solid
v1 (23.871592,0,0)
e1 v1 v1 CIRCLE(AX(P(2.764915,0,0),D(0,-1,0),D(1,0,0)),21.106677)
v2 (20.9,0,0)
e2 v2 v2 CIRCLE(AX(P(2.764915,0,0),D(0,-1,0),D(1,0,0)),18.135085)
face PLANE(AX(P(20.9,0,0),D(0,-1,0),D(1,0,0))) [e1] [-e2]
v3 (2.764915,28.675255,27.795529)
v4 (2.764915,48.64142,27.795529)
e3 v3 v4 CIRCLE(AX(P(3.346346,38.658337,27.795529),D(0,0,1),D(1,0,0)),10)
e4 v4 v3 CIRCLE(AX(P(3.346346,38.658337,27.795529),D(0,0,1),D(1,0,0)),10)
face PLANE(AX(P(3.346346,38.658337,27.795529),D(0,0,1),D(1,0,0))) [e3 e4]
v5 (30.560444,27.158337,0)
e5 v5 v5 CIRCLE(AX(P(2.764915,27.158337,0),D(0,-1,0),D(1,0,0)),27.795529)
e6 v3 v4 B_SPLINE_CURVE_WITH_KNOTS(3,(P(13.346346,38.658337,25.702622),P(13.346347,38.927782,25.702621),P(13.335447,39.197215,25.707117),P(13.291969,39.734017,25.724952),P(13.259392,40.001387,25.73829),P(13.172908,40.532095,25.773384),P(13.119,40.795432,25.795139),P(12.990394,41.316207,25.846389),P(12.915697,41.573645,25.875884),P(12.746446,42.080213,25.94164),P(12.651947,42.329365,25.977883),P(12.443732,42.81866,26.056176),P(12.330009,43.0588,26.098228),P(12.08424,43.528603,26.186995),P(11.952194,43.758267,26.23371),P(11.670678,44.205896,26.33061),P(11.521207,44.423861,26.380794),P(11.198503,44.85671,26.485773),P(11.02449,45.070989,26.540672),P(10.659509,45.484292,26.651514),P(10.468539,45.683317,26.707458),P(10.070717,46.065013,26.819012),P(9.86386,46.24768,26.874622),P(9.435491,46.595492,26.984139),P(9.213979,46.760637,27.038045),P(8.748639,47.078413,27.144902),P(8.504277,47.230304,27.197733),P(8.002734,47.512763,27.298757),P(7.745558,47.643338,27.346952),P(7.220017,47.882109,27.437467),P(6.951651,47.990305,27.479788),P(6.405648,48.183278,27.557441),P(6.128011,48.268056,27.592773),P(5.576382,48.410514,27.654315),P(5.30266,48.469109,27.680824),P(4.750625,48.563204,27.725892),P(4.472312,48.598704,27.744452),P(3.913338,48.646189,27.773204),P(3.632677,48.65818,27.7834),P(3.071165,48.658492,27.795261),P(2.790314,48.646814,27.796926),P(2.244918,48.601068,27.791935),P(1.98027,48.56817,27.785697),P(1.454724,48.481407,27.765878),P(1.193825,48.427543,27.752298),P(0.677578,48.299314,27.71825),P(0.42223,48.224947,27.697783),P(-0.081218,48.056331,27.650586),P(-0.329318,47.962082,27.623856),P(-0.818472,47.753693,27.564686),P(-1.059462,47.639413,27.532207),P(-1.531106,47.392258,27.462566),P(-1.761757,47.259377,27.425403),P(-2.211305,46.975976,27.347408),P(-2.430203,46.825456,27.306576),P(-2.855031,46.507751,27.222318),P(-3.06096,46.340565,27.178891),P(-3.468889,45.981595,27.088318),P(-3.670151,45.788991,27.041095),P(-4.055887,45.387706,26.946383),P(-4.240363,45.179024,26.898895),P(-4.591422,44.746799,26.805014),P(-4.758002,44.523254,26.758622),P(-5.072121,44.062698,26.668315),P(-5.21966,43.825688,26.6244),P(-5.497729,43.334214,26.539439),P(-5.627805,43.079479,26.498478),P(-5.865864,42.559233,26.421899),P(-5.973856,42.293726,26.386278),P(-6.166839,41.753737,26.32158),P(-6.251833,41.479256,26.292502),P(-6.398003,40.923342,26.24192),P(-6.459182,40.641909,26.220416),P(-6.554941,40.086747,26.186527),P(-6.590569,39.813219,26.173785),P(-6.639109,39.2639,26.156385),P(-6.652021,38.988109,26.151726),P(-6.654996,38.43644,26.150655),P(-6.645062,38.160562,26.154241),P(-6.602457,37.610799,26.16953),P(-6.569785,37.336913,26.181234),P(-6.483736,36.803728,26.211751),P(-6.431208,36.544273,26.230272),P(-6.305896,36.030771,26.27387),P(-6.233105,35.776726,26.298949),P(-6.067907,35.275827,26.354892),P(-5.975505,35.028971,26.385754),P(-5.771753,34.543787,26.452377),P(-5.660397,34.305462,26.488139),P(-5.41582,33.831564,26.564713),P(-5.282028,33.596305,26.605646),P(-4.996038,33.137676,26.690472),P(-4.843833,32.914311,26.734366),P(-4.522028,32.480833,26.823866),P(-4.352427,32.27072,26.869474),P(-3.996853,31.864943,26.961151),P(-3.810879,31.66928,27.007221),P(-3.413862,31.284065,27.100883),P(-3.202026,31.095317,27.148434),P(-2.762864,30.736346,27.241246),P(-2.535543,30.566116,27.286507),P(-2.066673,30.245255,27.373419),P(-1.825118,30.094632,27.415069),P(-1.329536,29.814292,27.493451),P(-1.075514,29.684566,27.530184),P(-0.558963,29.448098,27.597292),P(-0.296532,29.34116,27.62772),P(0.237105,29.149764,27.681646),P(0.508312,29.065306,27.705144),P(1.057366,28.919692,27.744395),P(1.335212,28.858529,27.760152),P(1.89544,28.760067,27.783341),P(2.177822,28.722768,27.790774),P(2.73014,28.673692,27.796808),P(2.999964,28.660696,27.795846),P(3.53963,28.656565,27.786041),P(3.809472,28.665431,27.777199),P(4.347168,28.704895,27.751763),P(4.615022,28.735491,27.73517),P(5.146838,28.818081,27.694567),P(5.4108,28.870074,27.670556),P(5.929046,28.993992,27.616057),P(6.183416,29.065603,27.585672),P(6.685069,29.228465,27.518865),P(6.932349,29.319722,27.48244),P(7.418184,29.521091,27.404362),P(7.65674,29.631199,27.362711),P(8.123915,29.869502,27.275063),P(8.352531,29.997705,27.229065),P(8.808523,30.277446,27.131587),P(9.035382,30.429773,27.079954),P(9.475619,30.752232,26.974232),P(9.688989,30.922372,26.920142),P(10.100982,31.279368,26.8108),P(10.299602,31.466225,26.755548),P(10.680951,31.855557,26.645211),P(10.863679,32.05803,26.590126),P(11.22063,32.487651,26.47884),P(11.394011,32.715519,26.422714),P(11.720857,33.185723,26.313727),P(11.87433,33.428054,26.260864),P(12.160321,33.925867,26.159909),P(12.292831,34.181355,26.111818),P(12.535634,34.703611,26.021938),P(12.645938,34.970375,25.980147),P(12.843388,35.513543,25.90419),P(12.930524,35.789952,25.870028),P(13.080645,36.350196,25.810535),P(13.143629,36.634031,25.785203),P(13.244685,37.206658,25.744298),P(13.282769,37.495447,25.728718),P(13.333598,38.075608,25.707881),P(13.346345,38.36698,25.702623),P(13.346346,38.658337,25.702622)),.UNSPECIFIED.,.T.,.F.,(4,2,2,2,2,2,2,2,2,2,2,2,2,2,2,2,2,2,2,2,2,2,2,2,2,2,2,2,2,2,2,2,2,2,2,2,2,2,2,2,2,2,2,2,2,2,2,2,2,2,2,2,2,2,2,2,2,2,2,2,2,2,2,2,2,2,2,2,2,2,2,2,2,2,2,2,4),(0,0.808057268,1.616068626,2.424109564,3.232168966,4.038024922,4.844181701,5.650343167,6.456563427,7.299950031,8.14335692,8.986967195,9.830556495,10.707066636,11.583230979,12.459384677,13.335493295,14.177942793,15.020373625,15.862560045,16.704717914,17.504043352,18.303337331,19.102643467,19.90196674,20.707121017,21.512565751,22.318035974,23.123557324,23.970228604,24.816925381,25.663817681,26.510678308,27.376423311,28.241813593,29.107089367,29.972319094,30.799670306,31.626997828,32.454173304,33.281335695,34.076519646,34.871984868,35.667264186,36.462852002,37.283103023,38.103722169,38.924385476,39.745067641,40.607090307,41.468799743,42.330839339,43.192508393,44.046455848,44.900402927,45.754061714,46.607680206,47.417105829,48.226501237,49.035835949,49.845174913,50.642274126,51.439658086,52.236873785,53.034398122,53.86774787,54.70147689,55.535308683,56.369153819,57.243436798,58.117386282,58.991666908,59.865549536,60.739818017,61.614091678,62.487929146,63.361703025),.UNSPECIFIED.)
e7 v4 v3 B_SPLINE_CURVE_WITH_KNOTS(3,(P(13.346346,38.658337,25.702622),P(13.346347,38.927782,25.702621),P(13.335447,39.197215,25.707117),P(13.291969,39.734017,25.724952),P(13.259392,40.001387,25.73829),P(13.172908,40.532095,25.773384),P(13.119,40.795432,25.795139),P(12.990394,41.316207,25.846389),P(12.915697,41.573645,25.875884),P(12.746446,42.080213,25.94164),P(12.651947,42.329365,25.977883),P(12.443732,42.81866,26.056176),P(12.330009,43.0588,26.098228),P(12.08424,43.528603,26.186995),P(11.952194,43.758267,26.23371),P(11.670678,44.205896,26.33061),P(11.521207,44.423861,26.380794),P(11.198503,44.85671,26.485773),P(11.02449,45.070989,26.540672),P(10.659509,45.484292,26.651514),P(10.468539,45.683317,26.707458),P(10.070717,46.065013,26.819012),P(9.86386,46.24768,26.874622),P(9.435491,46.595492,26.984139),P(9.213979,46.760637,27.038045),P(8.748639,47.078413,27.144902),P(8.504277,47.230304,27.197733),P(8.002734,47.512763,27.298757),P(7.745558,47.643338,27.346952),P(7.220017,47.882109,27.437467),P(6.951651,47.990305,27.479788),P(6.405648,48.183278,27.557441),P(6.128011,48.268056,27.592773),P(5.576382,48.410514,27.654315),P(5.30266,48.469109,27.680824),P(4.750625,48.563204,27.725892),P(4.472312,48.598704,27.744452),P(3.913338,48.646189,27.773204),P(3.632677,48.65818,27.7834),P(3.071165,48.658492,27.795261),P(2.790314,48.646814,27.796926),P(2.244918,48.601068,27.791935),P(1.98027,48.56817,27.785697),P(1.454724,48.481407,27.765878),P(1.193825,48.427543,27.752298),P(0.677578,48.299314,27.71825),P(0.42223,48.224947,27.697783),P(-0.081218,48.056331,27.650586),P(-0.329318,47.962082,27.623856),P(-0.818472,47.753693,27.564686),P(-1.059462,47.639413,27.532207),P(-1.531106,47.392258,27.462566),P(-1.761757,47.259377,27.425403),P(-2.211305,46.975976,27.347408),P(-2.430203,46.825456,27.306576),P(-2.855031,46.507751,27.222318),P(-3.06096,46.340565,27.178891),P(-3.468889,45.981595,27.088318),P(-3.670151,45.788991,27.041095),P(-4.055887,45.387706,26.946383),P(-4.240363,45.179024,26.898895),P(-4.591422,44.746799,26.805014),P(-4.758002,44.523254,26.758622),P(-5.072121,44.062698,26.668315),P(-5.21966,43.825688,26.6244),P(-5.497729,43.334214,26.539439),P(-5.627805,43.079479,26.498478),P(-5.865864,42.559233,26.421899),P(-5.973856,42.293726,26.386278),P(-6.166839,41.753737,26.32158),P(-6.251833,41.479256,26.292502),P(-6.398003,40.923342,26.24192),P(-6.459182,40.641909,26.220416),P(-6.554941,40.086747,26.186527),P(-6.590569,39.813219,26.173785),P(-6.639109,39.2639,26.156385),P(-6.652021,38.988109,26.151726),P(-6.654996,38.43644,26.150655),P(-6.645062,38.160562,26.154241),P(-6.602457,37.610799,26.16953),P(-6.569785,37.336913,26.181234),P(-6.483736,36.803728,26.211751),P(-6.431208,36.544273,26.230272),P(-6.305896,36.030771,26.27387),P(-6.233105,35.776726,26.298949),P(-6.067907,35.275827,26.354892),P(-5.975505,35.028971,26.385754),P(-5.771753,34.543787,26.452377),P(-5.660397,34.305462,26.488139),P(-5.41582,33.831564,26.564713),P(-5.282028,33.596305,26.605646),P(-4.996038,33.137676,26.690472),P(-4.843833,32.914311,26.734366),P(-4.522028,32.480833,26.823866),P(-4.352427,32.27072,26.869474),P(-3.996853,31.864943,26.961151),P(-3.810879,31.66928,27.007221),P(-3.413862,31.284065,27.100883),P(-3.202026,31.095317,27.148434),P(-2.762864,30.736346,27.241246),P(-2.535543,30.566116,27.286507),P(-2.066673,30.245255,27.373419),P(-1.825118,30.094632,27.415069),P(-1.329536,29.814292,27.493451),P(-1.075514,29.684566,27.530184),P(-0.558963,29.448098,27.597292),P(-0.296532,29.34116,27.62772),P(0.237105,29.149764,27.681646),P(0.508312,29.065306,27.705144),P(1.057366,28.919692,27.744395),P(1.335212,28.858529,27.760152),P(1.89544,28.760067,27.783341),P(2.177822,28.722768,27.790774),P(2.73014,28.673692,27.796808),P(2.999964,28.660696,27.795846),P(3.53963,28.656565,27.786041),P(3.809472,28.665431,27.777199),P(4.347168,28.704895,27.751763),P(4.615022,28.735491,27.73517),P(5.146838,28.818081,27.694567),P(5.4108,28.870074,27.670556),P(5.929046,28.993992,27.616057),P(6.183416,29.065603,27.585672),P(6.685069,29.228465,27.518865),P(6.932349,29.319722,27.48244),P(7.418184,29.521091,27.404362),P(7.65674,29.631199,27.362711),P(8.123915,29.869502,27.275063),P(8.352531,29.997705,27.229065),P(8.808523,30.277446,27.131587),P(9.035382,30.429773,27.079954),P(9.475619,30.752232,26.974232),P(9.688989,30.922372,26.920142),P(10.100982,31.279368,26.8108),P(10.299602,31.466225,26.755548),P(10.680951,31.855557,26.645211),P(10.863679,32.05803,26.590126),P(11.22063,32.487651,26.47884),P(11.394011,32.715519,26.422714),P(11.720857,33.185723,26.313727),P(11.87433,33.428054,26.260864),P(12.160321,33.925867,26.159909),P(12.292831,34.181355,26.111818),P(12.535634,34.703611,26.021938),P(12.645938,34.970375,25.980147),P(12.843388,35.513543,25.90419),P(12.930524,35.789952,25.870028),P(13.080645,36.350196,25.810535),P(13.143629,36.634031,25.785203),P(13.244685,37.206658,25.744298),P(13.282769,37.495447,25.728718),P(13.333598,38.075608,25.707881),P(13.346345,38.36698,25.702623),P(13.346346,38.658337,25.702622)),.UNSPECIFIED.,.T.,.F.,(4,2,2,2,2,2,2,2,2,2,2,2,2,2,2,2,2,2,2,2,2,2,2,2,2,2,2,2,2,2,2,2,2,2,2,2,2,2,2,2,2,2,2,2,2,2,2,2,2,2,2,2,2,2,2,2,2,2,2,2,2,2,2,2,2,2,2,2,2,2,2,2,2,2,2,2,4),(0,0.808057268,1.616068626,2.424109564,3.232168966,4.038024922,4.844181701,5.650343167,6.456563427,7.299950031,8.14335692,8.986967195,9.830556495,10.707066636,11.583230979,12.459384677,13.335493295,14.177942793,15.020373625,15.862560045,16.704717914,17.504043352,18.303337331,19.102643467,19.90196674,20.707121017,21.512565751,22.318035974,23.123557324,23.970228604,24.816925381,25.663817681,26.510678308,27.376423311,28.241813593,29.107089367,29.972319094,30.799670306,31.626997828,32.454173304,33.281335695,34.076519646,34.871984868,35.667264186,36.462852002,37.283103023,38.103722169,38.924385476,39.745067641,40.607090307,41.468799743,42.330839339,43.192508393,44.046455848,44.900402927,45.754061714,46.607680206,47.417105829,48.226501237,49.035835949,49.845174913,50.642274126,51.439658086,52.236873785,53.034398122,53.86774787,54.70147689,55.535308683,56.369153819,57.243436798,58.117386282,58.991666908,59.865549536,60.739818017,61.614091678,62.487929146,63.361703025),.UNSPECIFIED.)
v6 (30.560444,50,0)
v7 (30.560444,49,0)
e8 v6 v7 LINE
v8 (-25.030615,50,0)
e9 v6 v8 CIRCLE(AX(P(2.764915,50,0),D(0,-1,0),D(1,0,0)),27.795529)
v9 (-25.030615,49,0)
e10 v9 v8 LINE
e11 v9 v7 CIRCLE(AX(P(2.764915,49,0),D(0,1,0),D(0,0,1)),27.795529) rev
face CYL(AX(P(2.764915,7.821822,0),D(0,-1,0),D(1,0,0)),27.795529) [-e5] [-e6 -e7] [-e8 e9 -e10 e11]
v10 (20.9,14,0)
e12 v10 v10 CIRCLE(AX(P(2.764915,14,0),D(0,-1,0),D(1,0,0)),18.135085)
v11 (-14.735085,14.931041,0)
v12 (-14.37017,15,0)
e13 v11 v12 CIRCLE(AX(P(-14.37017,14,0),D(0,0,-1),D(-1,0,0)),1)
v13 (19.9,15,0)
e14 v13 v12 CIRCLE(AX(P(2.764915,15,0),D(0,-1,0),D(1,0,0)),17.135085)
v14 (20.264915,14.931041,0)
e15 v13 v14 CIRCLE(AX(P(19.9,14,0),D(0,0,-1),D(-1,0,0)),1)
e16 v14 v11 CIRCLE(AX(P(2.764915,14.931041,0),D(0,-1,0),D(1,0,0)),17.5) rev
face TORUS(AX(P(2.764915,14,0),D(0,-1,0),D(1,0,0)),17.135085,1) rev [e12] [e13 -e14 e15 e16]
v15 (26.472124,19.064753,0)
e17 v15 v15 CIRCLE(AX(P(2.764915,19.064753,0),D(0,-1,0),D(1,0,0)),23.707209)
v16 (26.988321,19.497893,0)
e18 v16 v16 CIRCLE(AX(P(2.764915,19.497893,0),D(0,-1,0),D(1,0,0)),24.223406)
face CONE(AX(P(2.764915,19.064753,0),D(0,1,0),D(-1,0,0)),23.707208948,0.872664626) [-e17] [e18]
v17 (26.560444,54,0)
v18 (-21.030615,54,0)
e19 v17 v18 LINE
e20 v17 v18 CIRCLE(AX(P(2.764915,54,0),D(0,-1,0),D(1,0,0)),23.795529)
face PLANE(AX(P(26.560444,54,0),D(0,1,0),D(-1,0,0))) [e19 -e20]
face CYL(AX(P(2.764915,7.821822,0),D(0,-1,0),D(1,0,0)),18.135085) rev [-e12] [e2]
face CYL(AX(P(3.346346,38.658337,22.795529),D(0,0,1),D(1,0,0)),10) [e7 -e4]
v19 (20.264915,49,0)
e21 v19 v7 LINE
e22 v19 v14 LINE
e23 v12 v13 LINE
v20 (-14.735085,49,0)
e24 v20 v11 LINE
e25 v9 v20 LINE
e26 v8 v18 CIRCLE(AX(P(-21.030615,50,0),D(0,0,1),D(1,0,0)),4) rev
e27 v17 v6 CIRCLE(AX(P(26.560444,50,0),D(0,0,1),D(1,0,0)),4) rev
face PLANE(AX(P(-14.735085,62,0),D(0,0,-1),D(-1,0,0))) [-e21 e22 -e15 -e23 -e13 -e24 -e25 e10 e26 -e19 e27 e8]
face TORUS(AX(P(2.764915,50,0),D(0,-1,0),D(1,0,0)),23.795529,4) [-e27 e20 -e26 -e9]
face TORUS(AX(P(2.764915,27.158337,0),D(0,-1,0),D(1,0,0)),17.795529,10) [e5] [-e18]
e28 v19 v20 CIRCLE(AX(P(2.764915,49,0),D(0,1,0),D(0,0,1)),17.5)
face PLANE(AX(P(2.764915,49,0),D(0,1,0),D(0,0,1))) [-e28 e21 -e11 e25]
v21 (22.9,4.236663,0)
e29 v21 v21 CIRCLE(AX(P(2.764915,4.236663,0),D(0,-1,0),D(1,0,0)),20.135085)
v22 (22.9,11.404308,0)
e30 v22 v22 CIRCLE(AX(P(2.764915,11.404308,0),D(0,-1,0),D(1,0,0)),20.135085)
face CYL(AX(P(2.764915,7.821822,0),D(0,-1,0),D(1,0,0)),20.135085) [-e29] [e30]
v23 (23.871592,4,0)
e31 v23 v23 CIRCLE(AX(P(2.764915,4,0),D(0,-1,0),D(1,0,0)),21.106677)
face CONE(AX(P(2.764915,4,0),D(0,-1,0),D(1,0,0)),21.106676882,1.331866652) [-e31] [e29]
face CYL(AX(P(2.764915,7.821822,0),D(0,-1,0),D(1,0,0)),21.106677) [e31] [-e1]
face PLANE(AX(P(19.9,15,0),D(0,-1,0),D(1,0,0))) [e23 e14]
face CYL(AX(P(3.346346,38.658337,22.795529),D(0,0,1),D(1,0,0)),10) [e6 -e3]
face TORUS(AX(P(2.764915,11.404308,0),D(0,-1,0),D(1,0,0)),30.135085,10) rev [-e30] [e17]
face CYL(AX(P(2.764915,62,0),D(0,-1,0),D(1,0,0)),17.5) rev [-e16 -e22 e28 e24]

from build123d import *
from build123d.topology import SkipClean

# Parameters (mm, degrees)
SKETCH10_R              = 10
BOSS_EXTRUDE1_DEPTH     = 5
CUT_EXTRUDE3_DEPTH      = 45
CUT_EXTRUDE3_DEPTH_BACK = 20
CUT_EXTRUDE5_DEPTH      = 5


with BuildPart() as part:
    # Sketch1 → Revolve1 (revolve)
    with BuildSketch(Plane.XY):
        with BuildLine():
            Line((20.9, 0), (23.871591838, 0))
            Line((23.871591838, 0), (23.871591838, 4))
            Line((23.871591838, 4), (22.9, 4.236662843))
            Line((22.9, 4.236662843), (22.9, 11.404308102))
            ThreePointArc((22.9, 11.404308102), (23.83692213, 15.63049072), (26.472123903, 19.064752533))
            Line((26.472123903, 19.064752533), (26.988320528, 19.497892931))
            ThreePointArc((26.988320528, 19.497892931), (29.623522302, 22.932154745), (30.560444431, 27.158337362))
            Line((30.560444431, 27.158337362), (30.560444431, 50))
            ThreePointArc((30.560444431, 50), (29.388871556, 52.828427125), (26.560444431, 54))
            Line((26.560444431, 54), (2.764914955, 54))
            Line((2.764914955, 54), (2.764914955, 15))
            Line((2.764914955, 15), (19.9, 15))
            ThreePointArc((19.9, 15), (20.607106781, 14.707106781), (20.9, 14))
            Line((20.9, 14), (20.9, 0))
        make_face()
    revolve(axis=Axis((2.764914955, 7.821821657, 0), (0, 1, 0)))

    # Sketch10 → Boss-Extrude1 (add)
    with SkipClean():  # the faces are left unmerged after this step: merging them gives an invalid solid
        with BuildSketch(Plane.XY.offset(27.795529476)):
            with Locations((3.346345887, 38.658337362)):
                Circle(SKETCH10_R)
        extrude(amount=-BOSS_EXTRUDE1_DEPTH)

    # Sketch11 → Cut-Extrude3 (cut, two sides: drawn at the far end of the back side and taken through both)
    with SkipClean():  # the faces are left unmerged after this step: merging them gives an invalid solid
        with BuildSketch(Plane(origin=(0, 17, 0), x_dir=(1, 0, 0), z_dir=(0, 1, 0)).offset(-CUT_EXTRUDE3_DEPTH_BACK)):
            with BuildLine():
                Line((-14.735085045, 0), (20.264914955, 0))
                ThreePointArc((20.264914955, 0), (2.764914955, 17.5), (-14.735085045, 0))
            make_face()
        extrude(amount=CUT_EXTRUDE3_DEPTH + CUT_EXTRUDE3_DEPTH_BACK, mode=Mode.SUBTRACT)

    # Sketch9 → Cut-Extrude5 (cut)
    with SkipClean():  # the faces are left unmerged after this step: merging them gives an invalid solid
        with BuildSketch(Plane(origin=(0, 54, 0), x_dir=(1, 0, 0), z_dir=(0, 1, 0))):
            with BuildLine():
                Line((-25.235085045, 0), (30.764914955, 0))
                ThreePointArc((30.764914955, 0), (2.764914955, 28), (-25.235085045, 0))
            make_face()
        extrude(amount=-CUT_EXTRUDE5_DEPTH, mode=Mode.SUBTRACT)


solid = part.part
